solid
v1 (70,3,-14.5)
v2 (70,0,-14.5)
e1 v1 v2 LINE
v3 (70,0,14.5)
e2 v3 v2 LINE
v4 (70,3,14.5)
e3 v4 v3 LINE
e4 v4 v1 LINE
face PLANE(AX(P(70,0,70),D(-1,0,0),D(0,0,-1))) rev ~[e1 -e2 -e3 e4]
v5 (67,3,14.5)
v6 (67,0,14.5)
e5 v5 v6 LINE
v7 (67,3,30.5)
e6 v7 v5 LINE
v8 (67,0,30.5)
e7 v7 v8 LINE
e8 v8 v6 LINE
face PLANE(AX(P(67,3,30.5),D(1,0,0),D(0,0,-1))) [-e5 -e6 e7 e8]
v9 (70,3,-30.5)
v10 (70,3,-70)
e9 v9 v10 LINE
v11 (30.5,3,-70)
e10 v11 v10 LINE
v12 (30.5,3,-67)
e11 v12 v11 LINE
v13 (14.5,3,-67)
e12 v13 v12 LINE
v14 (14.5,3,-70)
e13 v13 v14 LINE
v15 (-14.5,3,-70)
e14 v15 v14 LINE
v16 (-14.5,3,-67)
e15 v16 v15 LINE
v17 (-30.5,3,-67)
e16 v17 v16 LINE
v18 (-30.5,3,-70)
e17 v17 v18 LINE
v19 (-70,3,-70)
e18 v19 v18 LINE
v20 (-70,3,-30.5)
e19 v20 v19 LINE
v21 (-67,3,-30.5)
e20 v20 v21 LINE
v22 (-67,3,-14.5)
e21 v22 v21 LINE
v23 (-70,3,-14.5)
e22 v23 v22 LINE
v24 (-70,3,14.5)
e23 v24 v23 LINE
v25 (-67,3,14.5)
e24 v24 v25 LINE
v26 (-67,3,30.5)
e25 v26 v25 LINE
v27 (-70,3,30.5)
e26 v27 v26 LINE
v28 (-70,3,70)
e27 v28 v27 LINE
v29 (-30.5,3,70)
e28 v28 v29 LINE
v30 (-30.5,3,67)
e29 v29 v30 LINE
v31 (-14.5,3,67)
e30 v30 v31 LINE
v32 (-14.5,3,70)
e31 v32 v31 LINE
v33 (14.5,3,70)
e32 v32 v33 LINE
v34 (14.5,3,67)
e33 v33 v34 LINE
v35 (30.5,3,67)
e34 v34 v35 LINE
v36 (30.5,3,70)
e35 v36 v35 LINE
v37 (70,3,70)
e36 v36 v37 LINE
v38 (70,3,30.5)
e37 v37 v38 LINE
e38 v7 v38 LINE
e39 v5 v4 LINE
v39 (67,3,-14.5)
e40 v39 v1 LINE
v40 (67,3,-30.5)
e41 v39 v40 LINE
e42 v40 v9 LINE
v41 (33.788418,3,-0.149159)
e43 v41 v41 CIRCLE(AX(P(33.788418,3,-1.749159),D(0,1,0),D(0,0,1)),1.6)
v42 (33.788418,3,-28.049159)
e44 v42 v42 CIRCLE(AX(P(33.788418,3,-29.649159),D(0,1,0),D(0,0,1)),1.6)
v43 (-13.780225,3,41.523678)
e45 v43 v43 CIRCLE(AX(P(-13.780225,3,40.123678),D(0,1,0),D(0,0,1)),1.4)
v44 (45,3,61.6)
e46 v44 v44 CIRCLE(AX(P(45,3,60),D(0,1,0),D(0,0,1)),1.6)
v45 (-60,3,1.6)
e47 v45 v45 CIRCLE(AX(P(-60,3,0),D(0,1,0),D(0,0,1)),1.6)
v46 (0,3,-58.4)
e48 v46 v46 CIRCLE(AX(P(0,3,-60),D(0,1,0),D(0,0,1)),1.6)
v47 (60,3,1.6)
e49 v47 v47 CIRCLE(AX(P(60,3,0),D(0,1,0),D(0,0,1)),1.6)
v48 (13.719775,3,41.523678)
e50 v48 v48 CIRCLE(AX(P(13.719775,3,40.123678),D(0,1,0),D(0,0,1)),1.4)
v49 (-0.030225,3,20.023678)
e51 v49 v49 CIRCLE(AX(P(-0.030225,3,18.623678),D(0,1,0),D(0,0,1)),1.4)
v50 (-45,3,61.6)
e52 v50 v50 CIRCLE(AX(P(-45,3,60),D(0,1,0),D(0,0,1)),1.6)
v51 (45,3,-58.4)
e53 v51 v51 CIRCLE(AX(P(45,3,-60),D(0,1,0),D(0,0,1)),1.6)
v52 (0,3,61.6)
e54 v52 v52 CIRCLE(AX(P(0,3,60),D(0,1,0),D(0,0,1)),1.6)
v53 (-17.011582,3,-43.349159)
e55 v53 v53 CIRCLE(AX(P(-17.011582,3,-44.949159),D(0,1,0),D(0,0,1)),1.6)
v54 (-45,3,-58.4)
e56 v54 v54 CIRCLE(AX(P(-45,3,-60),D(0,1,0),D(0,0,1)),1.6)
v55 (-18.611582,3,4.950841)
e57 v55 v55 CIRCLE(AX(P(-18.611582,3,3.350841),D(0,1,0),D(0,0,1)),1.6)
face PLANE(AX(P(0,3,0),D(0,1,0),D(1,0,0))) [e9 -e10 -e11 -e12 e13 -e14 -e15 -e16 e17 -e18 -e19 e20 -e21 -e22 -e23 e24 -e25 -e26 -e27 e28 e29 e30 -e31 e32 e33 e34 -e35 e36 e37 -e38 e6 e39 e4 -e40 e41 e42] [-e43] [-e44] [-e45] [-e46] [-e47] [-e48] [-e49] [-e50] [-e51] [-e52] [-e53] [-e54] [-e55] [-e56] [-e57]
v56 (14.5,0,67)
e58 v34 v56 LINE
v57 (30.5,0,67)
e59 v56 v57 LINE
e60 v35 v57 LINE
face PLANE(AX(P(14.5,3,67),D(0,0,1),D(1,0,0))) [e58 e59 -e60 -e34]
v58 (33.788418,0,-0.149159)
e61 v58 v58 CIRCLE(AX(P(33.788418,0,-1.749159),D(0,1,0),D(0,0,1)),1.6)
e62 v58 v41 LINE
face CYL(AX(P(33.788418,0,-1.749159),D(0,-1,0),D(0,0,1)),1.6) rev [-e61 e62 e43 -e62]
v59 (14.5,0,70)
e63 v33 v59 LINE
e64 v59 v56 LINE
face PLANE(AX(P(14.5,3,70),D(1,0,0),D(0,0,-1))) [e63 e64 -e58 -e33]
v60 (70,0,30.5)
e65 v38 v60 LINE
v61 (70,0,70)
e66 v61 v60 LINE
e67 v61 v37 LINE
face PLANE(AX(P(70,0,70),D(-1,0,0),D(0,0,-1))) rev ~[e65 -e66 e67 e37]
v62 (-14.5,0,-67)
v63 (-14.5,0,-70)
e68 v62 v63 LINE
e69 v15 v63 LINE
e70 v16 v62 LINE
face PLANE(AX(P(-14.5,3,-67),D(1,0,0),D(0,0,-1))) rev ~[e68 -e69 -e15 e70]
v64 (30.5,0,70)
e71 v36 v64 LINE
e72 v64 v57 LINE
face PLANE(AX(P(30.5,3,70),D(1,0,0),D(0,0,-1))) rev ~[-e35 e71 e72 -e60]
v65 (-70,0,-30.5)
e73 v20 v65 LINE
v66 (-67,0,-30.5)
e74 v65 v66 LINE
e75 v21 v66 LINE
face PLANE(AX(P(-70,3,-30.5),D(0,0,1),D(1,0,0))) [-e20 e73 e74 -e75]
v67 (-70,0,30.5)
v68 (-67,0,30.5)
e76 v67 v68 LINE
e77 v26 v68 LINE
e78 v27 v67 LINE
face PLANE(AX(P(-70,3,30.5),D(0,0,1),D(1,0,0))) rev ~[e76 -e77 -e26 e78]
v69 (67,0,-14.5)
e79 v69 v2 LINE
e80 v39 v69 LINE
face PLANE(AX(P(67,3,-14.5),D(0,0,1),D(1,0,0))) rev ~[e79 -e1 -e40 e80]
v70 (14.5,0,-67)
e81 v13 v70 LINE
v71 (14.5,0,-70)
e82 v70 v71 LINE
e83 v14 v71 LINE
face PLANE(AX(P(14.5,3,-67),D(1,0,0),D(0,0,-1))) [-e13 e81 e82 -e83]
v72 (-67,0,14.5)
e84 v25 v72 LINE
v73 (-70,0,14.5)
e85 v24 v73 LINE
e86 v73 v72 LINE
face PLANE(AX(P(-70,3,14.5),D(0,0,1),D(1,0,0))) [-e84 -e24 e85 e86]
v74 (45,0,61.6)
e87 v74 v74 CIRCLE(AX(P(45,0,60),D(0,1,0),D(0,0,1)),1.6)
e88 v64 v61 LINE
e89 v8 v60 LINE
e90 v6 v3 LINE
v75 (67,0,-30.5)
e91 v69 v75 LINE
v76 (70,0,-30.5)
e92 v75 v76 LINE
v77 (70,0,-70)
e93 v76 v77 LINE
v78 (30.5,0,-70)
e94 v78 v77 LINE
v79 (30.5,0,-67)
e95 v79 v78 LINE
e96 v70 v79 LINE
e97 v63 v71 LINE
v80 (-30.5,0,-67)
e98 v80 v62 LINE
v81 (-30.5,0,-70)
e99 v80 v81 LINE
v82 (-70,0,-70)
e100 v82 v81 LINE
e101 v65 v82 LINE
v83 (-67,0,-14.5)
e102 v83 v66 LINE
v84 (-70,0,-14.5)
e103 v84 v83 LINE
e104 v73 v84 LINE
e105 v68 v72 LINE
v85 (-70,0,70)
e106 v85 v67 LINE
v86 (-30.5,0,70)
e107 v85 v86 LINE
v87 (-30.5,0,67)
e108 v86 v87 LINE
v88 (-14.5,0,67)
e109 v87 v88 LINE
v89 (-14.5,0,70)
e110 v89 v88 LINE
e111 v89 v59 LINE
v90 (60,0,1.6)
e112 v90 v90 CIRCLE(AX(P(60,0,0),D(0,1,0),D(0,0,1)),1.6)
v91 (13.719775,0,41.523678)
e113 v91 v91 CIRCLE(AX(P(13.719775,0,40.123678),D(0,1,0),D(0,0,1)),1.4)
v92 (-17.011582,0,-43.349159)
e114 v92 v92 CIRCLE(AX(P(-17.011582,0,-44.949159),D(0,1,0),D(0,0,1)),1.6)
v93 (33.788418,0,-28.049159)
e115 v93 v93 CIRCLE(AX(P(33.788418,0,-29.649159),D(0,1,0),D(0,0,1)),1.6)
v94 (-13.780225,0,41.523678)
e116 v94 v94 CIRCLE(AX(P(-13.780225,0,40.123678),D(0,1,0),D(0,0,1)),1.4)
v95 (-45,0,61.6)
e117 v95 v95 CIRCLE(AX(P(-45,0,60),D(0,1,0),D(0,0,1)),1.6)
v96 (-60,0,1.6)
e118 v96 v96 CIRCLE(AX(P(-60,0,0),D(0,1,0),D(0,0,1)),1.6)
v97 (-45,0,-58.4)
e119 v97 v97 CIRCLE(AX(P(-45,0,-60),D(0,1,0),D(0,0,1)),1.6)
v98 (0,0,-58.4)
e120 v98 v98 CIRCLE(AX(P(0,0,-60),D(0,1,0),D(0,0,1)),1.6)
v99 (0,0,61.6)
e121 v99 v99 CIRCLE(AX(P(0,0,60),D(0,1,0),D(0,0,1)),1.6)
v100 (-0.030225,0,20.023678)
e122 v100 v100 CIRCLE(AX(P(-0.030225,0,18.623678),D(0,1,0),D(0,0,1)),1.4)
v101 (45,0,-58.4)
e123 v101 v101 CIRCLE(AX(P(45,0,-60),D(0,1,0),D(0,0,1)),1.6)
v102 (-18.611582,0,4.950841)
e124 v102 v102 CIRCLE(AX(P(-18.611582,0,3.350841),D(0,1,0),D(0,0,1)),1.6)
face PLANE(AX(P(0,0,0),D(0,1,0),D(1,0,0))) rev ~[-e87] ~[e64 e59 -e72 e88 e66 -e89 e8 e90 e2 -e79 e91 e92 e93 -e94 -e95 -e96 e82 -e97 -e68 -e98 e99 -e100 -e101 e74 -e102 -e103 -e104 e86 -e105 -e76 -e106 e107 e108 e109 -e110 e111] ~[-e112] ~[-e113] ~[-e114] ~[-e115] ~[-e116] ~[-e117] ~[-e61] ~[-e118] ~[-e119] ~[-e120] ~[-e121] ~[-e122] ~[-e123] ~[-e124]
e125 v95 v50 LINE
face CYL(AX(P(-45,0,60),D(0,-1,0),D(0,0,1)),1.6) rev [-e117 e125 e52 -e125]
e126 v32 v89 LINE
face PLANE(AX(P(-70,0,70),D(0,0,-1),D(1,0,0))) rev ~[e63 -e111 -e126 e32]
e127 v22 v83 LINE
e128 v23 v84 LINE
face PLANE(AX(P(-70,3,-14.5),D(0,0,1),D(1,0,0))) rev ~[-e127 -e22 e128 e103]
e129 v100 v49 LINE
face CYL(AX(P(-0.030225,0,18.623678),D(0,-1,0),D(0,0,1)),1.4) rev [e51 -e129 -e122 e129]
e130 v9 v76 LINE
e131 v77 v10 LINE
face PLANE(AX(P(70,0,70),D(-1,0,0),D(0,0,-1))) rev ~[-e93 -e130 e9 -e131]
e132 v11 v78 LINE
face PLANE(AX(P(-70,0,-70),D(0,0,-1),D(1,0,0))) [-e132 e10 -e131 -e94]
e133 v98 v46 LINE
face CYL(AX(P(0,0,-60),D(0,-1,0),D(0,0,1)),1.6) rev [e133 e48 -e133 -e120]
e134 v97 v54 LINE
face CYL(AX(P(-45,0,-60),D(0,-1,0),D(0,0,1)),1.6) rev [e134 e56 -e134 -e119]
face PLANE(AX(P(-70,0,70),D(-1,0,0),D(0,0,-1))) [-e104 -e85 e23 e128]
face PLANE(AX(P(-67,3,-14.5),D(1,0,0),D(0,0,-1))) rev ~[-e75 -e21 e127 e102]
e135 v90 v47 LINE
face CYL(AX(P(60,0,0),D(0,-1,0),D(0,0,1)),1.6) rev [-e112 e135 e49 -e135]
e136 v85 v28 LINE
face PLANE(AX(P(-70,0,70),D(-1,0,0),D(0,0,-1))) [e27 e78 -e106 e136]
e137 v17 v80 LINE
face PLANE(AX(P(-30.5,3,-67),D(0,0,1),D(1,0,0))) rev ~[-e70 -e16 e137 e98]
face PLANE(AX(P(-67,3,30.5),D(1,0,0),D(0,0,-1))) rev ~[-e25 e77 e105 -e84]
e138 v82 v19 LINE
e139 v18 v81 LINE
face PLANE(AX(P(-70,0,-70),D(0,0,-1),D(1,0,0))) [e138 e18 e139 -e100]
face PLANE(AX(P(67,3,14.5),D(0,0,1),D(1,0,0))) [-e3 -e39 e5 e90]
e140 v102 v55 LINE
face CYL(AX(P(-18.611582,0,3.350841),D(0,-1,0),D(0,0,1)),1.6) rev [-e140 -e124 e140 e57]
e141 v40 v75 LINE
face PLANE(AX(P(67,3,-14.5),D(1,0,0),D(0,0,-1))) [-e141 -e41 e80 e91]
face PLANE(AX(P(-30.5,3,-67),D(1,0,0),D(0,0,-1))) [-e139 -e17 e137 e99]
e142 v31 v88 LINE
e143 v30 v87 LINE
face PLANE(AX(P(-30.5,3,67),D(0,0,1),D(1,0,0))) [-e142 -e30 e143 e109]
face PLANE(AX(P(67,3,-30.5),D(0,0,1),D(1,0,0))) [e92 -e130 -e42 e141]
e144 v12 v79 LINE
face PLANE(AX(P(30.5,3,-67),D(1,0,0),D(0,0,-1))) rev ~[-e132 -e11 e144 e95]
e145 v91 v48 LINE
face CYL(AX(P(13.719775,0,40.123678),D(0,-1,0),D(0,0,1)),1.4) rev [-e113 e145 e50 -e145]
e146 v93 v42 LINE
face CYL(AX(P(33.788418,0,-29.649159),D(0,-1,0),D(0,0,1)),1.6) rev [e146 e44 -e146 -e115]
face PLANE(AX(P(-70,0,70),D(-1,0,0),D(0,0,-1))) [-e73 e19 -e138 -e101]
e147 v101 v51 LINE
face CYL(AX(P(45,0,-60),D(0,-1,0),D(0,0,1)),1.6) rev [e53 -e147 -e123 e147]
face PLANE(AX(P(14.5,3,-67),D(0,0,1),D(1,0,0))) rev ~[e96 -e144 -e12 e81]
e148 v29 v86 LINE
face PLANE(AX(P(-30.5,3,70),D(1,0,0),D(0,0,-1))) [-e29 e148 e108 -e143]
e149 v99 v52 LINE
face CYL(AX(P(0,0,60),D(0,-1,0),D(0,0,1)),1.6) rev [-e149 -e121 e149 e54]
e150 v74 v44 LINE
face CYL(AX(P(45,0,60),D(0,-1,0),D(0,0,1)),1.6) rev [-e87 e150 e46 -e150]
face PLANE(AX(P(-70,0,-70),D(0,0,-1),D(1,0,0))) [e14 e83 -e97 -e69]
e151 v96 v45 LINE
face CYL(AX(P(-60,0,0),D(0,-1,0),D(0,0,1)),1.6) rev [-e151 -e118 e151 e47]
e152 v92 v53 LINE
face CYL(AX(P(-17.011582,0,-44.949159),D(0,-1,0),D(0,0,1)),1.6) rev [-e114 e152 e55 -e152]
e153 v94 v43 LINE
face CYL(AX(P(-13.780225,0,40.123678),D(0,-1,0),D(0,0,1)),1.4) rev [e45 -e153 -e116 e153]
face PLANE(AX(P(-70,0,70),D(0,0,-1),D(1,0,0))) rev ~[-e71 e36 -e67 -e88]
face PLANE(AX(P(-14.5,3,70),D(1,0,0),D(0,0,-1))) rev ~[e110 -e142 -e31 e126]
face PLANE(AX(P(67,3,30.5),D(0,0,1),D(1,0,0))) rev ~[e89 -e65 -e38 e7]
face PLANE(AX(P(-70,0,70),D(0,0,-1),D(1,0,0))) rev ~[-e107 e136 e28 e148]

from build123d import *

# Parameters (mm, degrees)
SKETCH2_W           = 140
SKETCH2_H           = 140
SKETCH2_R           = 1.6
SKETCH2_R_2         = 1.4
BOSS_EXTRUDE2_DEPTH = 3
SKETCH3_W           = 16
SKETCH3_H           = 3
SKETCH3_W_2         = 3
SKETCH3_H_2         = 16
CUT_EXTRUDE2_DEPTH  = 3


with BuildPart() as part:
    # Sketch2 → Boss-Extrude2 (new body)
    with BuildSketch(Plane(origin=(0, 0, 0), x_dir=(1, 0, 0), z_dir=(0, 1, 0))):
        Rectangle(SKETCH2_W, SKETCH2_H)
        with Locations(Location((-17.011581703, 44.949159058, 0), (0, 0, 270))):
            Circle(SKETCH2_R, mode=Mode.SUBTRACT)
        with Locations(Location((-18.611581703, -3.350840942, 0), (0, 0, 270))):
            Circle(SKETCH2_R, mode=Mode.SUBTRACT)
        with Locations(Location((33.788418297, 29.649159058, 0), (0, 0, 270))):
            Circle(SKETCH2_R, mode=Mode.SUBTRACT)
        with Locations(Location((33.788418297, 1.749159058, 0), (0, 0, 270))):
            Circle(SKETCH2_R, mode=Mode.SUBTRACT)
        with Locations(Location((0, 60, 0), (0, 0, 270))):
            Circle(SKETCH2_R, mode=Mode.SUBTRACT)
        with Locations(Location((-60, 0, 0), (0, 0, 270))):
            Circle(SKETCH2_R, mode=Mode.SUBTRACT)
        with Locations(Location((0, -60, 0), (0, 0, 270))):
            Circle(SKETCH2_R, mode=Mode.SUBTRACT)
        with Locations(Location((60, 0, 0), (0, 0, 270))):
            Circle(SKETCH2_R, mode=Mode.SUBTRACT)
        with Locations(Location((-45, 60, 0), (0, 0, 270))):
            Circle(SKETCH2_R, mode=Mode.SUBTRACT)
        with Locations(Location((45, 60, 0), (0, 0, 270))):
            Circle(SKETCH2_R, mode=Mode.SUBTRACT)
        with Locations(Location((-45, -60, 0), (0, 0, 270))):
            Circle(SKETCH2_R, mode=Mode.SUBTRACT)
        with Locations(Location((45, -60, 0), (0, 0, 270))):
            Circle(SKETCH2_R, mode=Mode.SUBTRACT)
        with Locations(Location((-0.030225379, -18.62367845, 0), (0, 0, 270))):
            Circle(SKETCH2_R_2, mode=Mode.SUBTRACT)
        with Locations(Location((-13.780225379, -40.12367845, 0), (0, 0, 270))):
            Circle(SKETCH2_R_2, mode=Mode.SUBTRACT)
        with Locations(Location((13.719774621, -40.12367845, 0), (0, 0, 270))):
            Circle(SKETCH2_R_2, mode=Mode.SUBTRACT)
    extrude(amount=BOSS_EXTRUDE2_DEPTH)

    # Sketch3 → Cut-Extrude2 (cut)
    with BuildSketch(Plane(origin=(0, 3, 0), x_dir=(1, 0, 0), z_dir=(0, 1, 0))):
        with Locations((-22.5, 68.5)):
            Rectangle(SKETCH3_W, SKETCH3_H)
        with Locations((-22.5, -68.5)):
            Rectangle(SKETCH3_W, SKETCH3_H)
        with Locations((22.5, -68.5)):
            Rectangle(SKETCH3_W, SKETCH3_H)
        with Locations((22.5, 68.5)):
            Rectangle(SKETCH3_W, SKETCH3_H)
        with Locations((-68.5, 22.5)):
            Rectangle(SKETCH3_W_2, SKETCH3_H_2)
        with Locations((68.5, 22.5)):
            Rectangle(SKETCH3_W_2, SKETCH3_H_2)
        with Locations((68.5, -22.5)):
            Rectangle(SKETCH3_W_2, SKETCH3_H_2)
        with Locations((-68.5, -22.5)):
            Rectangle(SKETCH3_W_2, SKETCH3_H_2)
    extrude(amount=-CUT_EXTRUDE2_DEPTH, mode=Mode.SUBTRACT)


solid = part.part
